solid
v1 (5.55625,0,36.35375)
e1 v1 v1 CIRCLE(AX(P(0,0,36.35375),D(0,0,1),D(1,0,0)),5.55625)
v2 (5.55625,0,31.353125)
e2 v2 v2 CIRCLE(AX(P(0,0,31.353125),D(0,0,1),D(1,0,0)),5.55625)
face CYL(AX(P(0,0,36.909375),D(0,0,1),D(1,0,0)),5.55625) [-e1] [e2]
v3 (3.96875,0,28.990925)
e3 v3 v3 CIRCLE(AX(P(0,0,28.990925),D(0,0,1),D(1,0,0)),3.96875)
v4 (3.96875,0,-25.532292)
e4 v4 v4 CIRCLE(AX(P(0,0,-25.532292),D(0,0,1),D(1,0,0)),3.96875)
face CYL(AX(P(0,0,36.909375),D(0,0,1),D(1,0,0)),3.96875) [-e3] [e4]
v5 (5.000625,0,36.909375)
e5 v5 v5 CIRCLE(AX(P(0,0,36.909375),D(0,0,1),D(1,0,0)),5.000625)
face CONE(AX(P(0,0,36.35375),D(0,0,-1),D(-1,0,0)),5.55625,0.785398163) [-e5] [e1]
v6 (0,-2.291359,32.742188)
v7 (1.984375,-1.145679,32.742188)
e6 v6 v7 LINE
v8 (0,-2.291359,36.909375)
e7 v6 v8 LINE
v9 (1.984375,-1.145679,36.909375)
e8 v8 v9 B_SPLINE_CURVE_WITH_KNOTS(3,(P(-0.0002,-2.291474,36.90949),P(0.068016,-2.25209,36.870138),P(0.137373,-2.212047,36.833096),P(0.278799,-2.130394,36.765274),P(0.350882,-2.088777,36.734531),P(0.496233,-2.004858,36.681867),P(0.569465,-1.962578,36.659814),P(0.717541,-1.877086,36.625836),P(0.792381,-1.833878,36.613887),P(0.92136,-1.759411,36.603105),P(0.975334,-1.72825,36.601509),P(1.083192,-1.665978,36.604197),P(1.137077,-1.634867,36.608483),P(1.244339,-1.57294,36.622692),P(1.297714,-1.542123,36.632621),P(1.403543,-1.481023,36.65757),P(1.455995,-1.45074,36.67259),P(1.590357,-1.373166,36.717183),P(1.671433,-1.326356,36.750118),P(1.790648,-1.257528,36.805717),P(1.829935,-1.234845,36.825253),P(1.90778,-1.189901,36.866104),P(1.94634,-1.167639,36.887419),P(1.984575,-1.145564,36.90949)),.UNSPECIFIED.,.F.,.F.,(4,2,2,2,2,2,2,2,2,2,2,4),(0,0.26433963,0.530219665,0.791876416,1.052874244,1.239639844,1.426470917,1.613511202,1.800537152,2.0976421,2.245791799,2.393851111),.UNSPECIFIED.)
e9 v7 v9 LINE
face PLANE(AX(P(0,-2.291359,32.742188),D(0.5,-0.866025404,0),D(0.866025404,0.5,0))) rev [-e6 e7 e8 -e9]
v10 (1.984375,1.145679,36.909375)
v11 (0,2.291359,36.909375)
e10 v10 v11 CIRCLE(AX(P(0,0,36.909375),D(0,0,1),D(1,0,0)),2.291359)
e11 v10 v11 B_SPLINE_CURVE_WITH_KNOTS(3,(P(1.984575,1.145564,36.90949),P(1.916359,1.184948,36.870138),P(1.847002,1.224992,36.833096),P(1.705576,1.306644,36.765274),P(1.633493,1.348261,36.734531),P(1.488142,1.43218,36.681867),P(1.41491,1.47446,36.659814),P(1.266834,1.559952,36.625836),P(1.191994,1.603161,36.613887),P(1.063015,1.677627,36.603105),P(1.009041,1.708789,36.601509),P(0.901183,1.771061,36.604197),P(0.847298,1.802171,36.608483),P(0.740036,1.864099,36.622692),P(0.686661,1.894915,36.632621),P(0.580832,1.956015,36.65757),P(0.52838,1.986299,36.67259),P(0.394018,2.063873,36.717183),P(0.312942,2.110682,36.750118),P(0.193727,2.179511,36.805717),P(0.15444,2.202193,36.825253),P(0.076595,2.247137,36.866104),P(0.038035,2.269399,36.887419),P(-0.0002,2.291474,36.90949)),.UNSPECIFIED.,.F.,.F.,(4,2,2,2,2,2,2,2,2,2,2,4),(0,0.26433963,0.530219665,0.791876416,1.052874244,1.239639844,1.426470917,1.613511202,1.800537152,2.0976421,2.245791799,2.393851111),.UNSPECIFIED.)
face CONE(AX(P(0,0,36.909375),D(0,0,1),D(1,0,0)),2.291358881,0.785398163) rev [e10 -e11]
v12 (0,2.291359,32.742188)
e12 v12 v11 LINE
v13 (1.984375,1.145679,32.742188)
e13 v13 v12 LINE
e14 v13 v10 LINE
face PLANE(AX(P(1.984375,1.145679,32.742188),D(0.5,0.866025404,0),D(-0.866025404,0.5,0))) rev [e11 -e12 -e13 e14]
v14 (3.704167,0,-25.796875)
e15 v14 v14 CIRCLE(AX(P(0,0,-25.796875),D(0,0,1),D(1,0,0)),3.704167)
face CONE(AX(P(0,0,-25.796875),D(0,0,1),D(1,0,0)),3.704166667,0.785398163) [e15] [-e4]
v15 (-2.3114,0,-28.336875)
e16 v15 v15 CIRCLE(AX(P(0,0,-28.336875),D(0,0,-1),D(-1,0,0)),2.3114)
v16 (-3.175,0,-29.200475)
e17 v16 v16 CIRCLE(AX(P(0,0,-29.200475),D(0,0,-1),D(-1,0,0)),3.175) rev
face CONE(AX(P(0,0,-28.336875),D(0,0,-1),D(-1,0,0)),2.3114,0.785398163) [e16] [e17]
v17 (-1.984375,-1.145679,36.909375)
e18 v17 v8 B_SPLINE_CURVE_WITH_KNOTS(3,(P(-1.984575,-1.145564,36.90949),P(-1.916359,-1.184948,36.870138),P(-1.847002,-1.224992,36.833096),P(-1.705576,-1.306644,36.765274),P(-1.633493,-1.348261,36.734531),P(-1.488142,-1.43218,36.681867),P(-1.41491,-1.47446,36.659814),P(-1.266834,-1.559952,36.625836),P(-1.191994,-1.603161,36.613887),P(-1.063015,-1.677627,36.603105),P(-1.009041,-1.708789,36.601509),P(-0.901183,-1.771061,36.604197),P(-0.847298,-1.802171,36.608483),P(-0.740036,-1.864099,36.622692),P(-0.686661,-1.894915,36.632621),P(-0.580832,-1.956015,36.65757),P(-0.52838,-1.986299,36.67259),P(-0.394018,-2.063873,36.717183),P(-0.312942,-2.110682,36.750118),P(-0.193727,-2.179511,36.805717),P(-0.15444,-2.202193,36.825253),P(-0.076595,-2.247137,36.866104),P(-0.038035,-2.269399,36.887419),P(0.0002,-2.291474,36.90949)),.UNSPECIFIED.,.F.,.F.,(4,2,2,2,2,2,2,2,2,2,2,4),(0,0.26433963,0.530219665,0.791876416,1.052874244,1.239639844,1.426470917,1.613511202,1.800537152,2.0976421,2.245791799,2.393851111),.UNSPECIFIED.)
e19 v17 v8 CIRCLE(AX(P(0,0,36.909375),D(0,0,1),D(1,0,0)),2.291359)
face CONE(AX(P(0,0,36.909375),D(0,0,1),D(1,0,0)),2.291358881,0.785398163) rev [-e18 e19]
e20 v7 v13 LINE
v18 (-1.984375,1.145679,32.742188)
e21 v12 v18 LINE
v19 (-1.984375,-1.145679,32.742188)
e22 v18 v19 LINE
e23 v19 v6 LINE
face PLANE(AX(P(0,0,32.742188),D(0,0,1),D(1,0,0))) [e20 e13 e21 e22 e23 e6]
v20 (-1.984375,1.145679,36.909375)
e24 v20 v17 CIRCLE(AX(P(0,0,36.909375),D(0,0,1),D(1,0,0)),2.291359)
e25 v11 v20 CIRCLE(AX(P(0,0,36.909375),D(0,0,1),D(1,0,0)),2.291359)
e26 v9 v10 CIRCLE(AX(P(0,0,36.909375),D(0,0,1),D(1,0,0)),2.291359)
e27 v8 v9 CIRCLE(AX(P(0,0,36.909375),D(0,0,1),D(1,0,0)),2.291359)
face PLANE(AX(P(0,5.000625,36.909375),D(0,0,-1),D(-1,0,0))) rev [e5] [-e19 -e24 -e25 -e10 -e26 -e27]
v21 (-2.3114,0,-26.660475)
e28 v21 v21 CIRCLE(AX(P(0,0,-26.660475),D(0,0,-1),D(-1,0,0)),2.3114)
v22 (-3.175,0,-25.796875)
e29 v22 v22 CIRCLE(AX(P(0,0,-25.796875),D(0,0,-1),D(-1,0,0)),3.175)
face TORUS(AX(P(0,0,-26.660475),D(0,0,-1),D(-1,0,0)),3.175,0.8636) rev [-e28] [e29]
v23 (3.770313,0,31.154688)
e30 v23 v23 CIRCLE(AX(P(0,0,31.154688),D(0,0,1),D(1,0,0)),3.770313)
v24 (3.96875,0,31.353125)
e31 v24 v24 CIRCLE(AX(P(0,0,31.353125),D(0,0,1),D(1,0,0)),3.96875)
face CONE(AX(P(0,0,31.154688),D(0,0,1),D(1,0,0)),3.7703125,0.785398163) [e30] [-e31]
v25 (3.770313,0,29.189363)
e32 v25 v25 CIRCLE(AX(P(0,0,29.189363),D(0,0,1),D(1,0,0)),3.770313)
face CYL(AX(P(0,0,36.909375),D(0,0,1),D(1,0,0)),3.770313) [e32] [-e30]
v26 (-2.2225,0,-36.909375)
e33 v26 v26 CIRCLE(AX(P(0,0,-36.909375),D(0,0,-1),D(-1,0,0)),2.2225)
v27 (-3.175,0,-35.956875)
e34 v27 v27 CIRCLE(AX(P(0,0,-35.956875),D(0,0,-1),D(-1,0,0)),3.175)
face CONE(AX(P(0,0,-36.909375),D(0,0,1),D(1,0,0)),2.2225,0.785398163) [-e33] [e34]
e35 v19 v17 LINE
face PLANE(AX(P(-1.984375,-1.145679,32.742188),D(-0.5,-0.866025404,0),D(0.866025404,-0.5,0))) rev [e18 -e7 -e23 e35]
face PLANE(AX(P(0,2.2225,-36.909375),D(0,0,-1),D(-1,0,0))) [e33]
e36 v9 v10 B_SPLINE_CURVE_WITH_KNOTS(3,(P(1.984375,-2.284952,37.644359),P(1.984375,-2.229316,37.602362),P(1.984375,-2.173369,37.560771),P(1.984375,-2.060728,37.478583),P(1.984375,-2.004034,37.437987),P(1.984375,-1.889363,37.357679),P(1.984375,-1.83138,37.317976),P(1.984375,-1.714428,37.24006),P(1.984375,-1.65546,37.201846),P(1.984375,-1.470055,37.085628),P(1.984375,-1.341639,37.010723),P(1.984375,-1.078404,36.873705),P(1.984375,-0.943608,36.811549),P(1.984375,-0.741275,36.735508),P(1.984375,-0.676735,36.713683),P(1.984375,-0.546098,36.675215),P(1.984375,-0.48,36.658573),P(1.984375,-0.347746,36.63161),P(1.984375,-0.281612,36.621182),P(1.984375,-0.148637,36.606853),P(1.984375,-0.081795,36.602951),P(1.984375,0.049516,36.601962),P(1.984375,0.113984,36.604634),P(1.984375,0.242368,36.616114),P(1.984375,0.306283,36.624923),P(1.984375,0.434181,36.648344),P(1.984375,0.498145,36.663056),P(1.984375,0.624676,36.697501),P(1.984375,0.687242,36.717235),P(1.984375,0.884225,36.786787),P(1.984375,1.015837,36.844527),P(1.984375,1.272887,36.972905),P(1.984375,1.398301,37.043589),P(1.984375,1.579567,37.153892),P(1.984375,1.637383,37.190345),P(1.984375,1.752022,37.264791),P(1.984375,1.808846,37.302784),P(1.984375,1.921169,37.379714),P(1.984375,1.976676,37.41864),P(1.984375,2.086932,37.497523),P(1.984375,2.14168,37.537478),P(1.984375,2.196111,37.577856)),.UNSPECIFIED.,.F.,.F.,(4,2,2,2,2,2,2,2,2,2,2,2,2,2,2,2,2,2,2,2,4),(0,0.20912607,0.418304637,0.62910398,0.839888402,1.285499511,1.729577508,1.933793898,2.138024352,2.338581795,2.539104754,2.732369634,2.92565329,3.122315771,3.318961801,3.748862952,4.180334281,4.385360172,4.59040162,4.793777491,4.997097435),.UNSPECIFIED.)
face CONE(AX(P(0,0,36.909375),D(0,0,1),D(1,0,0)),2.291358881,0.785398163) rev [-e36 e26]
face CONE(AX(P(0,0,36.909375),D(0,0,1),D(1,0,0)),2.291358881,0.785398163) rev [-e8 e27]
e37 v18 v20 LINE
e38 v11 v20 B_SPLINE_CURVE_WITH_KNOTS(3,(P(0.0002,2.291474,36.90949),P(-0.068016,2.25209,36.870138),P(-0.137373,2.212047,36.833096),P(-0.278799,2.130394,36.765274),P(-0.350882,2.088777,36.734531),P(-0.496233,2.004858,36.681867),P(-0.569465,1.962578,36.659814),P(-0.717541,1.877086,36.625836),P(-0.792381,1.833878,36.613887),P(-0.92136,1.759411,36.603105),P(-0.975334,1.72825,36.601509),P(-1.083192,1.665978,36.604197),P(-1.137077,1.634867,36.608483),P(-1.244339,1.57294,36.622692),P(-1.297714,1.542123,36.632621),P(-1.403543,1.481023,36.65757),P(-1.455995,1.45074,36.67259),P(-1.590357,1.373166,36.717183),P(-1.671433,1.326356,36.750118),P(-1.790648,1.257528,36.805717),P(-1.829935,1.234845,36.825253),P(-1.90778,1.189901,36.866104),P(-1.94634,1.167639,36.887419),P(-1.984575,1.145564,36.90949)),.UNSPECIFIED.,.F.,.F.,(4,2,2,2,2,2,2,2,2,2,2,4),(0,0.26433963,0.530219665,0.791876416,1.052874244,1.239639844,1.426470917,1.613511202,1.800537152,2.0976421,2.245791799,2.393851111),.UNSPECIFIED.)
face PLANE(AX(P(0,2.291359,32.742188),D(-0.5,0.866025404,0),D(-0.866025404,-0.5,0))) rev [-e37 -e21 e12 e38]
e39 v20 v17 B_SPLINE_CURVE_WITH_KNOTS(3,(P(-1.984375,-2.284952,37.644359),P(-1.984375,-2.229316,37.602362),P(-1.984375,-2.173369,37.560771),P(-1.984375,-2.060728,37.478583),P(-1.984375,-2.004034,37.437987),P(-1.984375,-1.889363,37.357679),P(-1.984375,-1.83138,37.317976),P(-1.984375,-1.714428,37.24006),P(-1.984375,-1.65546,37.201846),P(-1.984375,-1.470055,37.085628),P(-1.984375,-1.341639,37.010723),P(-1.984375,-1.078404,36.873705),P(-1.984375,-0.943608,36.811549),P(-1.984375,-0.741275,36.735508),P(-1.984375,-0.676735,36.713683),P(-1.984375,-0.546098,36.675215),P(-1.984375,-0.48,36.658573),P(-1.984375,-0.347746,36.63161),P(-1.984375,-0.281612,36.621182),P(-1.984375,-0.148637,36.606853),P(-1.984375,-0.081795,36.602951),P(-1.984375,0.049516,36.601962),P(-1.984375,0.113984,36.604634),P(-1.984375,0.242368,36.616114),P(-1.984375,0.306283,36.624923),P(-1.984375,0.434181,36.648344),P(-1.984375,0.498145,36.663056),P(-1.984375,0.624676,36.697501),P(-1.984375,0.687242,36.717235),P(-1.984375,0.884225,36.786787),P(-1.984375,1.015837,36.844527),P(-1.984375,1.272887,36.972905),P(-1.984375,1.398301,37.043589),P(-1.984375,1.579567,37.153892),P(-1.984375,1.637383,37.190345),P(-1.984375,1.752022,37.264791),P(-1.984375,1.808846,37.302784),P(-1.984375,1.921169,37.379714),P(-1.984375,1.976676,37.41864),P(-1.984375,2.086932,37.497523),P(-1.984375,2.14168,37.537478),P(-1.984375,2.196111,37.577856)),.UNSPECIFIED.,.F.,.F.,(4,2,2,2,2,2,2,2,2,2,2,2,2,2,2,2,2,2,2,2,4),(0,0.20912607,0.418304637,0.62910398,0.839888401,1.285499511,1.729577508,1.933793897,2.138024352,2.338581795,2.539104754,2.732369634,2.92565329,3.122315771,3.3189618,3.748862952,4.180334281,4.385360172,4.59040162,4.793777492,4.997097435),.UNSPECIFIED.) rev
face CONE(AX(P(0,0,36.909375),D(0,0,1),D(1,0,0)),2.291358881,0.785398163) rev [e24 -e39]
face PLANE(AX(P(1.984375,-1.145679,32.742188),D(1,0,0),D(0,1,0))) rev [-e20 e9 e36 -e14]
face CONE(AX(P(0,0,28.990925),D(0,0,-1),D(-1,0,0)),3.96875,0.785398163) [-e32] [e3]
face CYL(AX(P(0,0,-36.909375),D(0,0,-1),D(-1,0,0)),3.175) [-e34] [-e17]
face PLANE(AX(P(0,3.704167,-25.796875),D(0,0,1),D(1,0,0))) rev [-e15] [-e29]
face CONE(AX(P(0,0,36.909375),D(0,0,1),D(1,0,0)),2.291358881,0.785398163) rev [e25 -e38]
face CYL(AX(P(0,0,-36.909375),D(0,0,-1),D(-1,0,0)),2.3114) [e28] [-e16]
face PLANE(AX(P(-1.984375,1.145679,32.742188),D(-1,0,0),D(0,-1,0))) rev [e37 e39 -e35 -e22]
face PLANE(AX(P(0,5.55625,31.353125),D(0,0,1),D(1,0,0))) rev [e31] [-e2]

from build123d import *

# Parameters (mm, degrees)
CUT_EXTRUDE1_DEPTH = 4.1671875


with BuildPart() as part:
    # Sketch4 → Revolve1 (revolve)
    with BuildSketch(Plane(origin=(0, 0, 0), x_dir=(0, 0, -1), z_dir=(1, 0, 0))):
        Polygon((-31.353125, 5.55625), (-36.35375, 5.55625), (-36.909375, 5.000625), (-36.909375, 0), (25.796875, 0), (25.796875, 3.704166667), (25.532291667, 3.96875), (-28.990925, 3.96875), (-29.1893625, 3.7703125), (-31.1546875, 3.7703125), (-31.353125, 3.96875), align=None)
    revolve(axis=Axis((0, 0, 36.909375), (0, 0, -1)))

    # Sketch5 → Cut-Extrude1 (cut)
    with BuildSketch(Plane.XY.offset(36.909375)):
        Polygon((1.984375, 1.14567944), (0, 2.291358881), (-1.984375, 1.14567944), (-1.984375, -1.14567944), (0, -2.291358881), (1.984375, -1.14567944), align=None)
    extrude(amount=-CUT_EXTRUDE1_DEPTH, mode=Mode.SUBTRACT)

    # Cut-Extrude4 cone 1 section (through the dimple's axis) → Cut-Extrude4 (revolve, cut)
    with BuildSketch(Plane(origin=(0, 0, 36.909375), x_dir=(0, -1, 0), z_dir=(1, 0, 0))):
        Polygon((0, 0), (2.291358881, 0), (0, 2.291358881), align=None)
    revolve(axis=Axis((0, 0, 36.909375), (0, 0, -1)), mode=Mode.SUBTRACT)

    # Sketch7 → Revolve2 (revolve)
    with BuildSketch(Plane(origin=(0, 0, 0), x_dir=(0, 0, -1), z_dir=(1, 0, 0))):
        Polygon((25.796875, 3.175), (35.956875, 3.175), (36.909375, 2.2225), (36.909375, 0), (25.796875, 0), align=None)
    revolve(axis=Axis((0, 0, -36.909375), (0, 0, 1)))

    # Sketch10 → Cut-Revolve1 (revolve, cut)
    with BuildSketch(Plane(origin=(0, 0, 0), x_dir=(0, 0, -1), z_dir=(1, 0, 0))):
        with BuildLine():
            Line((26.660475, 2.3114), (28.336875, 2.3114))
            Line((28.336875, 2.3114), (29.994225, 3.96875))
            Line((29.994225, 3.96875), (25.796875, 3.96875))
            Line((25.796875, 3.96875), (25.796875, 3.175))
            ThreePointArc((25.796875, 3.175), (26.049817584, 2.564342584), (26.660475, 2.3114))
        make_face()
    revolve(axis=Axis((0, 0, -36.909375), (0, 0, 1)), mode=Mode.SUBTRACT)


solid = part.part
